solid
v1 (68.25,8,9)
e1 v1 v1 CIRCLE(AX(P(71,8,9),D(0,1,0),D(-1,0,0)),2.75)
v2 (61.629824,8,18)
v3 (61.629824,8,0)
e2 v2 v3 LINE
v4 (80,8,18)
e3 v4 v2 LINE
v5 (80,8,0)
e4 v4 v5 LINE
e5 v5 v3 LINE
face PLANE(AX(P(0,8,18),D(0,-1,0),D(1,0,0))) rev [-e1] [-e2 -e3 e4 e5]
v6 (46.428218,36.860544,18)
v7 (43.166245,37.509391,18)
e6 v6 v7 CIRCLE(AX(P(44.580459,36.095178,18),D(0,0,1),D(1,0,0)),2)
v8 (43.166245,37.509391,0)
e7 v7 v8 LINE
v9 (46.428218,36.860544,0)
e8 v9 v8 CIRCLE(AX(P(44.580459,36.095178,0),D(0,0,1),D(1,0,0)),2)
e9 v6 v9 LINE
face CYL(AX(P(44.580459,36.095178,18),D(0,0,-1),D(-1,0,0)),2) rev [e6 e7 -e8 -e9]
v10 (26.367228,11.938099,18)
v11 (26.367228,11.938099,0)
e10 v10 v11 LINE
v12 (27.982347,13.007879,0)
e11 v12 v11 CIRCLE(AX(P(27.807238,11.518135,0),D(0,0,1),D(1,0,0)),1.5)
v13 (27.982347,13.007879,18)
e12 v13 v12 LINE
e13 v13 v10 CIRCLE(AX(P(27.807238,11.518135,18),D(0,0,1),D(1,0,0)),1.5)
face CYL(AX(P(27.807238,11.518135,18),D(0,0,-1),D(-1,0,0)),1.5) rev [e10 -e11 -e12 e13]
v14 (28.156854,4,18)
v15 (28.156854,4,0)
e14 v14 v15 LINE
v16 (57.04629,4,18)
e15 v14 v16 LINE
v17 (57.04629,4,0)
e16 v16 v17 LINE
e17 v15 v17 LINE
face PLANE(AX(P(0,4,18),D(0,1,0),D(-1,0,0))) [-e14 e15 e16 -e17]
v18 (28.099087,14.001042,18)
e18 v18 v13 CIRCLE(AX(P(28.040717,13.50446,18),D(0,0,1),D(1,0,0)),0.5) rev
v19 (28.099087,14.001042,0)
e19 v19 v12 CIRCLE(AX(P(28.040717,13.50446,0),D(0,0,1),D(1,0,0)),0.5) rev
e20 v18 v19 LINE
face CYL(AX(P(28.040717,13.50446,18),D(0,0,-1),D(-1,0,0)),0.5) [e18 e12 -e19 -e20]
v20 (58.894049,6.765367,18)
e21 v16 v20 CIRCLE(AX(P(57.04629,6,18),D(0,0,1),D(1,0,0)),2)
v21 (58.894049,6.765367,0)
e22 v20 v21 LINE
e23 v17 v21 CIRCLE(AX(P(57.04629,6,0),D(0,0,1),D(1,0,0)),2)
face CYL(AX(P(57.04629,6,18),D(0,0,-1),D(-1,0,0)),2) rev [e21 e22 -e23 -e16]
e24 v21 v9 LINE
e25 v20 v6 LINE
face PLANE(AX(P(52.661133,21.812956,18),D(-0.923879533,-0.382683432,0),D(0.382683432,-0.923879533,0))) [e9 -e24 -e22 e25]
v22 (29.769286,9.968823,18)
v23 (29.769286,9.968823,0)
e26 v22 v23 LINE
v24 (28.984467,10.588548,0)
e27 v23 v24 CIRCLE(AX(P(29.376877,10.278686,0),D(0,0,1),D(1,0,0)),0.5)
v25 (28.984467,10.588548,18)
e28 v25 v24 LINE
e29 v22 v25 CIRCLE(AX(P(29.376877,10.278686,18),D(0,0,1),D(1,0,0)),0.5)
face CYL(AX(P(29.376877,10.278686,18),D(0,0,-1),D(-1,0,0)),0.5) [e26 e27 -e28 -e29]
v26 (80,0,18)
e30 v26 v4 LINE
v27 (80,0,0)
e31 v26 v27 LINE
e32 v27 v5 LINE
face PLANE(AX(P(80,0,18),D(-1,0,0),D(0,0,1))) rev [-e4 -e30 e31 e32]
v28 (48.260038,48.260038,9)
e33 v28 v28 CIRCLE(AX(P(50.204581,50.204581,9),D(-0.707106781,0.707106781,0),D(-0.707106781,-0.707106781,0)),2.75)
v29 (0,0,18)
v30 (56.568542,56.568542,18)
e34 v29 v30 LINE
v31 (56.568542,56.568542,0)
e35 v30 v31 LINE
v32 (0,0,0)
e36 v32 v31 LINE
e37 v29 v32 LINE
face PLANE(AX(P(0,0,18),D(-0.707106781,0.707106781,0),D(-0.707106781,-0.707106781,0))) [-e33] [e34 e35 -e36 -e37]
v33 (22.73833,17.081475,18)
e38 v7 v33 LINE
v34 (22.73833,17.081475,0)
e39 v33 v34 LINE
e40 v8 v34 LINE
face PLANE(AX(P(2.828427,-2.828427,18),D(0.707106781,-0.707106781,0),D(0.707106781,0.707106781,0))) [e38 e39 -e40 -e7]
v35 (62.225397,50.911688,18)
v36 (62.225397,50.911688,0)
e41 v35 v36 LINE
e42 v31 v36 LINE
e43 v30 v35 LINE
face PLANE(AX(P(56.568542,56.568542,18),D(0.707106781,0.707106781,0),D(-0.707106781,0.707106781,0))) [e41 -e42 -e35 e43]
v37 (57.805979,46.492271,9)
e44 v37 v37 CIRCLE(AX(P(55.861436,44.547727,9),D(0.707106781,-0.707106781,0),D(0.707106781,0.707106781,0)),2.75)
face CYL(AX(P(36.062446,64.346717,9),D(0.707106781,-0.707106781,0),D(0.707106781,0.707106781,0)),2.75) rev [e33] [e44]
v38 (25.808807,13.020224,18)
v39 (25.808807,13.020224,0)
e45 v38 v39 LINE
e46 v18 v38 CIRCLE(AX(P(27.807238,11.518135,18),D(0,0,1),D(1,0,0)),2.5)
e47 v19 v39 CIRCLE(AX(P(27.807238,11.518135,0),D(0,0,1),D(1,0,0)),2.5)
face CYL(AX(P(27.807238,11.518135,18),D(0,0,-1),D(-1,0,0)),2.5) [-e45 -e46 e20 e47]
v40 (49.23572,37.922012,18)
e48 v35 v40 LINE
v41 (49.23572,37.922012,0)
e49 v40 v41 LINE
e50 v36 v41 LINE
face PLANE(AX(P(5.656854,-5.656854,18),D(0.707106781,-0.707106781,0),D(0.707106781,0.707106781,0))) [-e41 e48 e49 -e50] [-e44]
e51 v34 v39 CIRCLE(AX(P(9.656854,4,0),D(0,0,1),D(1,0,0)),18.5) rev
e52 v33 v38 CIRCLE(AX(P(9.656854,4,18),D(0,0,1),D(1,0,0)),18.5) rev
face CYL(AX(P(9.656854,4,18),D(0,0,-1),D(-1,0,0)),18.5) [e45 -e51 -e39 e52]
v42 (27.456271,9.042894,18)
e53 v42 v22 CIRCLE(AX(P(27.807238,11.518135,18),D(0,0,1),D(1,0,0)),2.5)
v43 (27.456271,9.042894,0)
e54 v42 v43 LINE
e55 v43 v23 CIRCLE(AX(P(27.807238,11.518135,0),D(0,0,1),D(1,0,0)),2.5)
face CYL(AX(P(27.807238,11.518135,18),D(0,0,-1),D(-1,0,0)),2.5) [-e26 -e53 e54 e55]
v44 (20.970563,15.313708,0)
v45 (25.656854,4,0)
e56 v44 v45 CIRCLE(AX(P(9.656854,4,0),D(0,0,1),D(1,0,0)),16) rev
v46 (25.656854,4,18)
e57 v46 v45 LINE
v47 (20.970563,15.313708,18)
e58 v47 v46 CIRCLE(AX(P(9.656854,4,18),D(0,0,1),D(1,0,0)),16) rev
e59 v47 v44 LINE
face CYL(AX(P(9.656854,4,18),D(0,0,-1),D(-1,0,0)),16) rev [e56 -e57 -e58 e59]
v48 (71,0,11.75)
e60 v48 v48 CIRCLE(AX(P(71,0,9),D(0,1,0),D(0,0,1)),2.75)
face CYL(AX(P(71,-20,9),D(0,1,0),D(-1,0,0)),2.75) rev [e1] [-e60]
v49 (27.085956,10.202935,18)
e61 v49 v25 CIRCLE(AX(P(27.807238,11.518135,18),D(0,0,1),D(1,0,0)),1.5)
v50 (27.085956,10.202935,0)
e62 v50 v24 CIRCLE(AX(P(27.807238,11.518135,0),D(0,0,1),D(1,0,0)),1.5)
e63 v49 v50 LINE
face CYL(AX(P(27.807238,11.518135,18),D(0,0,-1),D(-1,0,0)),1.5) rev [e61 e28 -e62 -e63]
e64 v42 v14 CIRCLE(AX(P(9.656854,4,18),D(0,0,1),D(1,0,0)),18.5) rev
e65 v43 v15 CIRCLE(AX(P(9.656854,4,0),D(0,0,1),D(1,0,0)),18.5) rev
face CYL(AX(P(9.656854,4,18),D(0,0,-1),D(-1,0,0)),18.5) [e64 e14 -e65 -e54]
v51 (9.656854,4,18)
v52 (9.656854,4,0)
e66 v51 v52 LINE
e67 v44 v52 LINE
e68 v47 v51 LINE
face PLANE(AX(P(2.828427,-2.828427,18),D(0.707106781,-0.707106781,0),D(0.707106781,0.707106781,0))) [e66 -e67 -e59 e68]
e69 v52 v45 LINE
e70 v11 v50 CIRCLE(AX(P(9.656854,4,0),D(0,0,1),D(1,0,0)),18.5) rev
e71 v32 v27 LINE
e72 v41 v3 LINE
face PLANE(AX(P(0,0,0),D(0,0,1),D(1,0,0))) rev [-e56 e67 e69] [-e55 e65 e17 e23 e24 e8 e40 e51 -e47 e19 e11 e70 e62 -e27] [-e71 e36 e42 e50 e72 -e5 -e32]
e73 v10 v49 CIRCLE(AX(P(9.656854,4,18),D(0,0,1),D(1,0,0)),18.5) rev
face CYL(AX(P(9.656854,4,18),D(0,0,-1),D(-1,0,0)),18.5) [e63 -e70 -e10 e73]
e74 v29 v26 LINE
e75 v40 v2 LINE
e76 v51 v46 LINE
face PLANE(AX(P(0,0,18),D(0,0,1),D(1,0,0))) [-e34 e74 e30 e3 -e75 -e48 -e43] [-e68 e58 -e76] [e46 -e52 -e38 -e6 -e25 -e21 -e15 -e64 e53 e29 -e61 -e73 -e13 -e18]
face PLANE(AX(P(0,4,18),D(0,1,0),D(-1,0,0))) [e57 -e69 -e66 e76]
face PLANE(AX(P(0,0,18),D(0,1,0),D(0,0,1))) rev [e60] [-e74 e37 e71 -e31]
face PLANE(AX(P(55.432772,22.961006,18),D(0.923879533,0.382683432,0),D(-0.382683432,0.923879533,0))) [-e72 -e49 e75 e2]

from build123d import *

# Parameters (mm, degrees)
EXTRUDE_1_DEPTH     = 18
SKETCH_2_R          = 2.75
CUT_EXTRUDE_1_DEPTH = 28
SKETCH_3_R          = 2.75
CUT_EXTRUDE_2_DEPTH = 28


with BuildPart() as part:
    # 草图1 → 凸台-拉伸1 (new body)
    # profile 1 of 2: a face of its own
    with BuildSketch(Plane.XY):
        Polygon((80, 0), (80, 8), (61.629823519, 8), (49.235720383, 37.922011884), (62.225396744, 50.911688245), (56.568542495, 56.568542495), (0, 0), align=None)
        with BuildLine():
            ThreePointArc((46.428217999, 36.860544425), (44.970639578, 38.056748121), (43.166245372, 37.509391123))
            Line((43.166245372, 37.509391123), (9.656854249, 4))
            Line((9.656854249, 4), (57.046289642, 4))
            ThreePointArc((57.046289642, 4), (58.709228866, 4.888859534), (58.894048707, 6.765366865))
            Line((58.894048707, 6.765366865), (46.428217999, 36.860544425))
        make_face(mode=Mode.SUBTRACT)
    # profile 2 of 2: a face of its own
    with BuildSketch(Plane.XY):
        with BuildLine():
            Line((25.656854249, 4), (28.156854249, 4))
            ThreePointArc((28.156854249, 4), (27.980871323, 6.54566264), (27.456270652, 9.042893586))
            ThreePointArc((27.456270652, 9.042893586), (28.736340858, 9.197193956), (29.769286429, 9.968823258))
            ThreePointArc((29.769286429, 9.968823258), (29.686739249, 10.671095259), (28.984467248, 10.588548079))
            ThreePointArc((28.984467248, 10.588548079), (28.105812081, 10.048151022), (27.085956296, 10.202934937))
            ThreePointArc((27.085956296, 10.202934937), (26.748625601, 11.079643499), (26.367227854, 11.93809889))
            ThreePointArc((26.367227854, 11.93809889), (26.978926039, 12.768694587), (27.982347489, 13.007879191))
            ThreePointArc((27.982347489, 13.007879191), (28.537298455, 13.446090814), (28.099086832, 14.001041779))
            ThreePointArc((28.099086832, 14.001041779), (26.823059701, 13.816263273), (25.808806541, 13.020223788))
            ThreePointArc((25.808806541, 13.020223788), (24.413946296, 15.156981417), (22.738329701, 17.081475452))
            Line((22.738329701, 17.081475452), (20.970562748, 15.313708499))
            ThreePointArc((20.970562748, 15.313708499), (24.43892677, 10.122934918), (25.656854249, 4))
        make_face()
    extrude(amount=EXTRUDE_1_DEPTH)

    # 草图2 → 切除-拉伸1 (cut)
    with BuildSketch(Plane(origin=(0, 8, 0), x_dir=(1, 0, 0), z_dir=(0, 1, 0))):
        with Locations(Location((71, -9, 0), (0, 0, 180))):
            Circle(SKETCH_2_R)
    extrude(amount=-CUT_EXTRUDE_1_DEPTH, mode=Mode.SUBTRACT)

    # 草图3 → 切除-拉伸2 (cut)
    with BuildSketch(Plane(origin=(5.656854249, -5.656854249, 0), x_dir=(0, 0, -1), z_dir=(0.7071067811865488, -0.7071067811865464, 0))):
        with Locations(Location((-9, 71, 0), (0, 0, 90))):
            Circle(SKETCH_3_R)
    extrude(amount=-CUT_EXTRUDE_2_DEPTH, mode=Mode.SUBTRACT)


solid = part.part
